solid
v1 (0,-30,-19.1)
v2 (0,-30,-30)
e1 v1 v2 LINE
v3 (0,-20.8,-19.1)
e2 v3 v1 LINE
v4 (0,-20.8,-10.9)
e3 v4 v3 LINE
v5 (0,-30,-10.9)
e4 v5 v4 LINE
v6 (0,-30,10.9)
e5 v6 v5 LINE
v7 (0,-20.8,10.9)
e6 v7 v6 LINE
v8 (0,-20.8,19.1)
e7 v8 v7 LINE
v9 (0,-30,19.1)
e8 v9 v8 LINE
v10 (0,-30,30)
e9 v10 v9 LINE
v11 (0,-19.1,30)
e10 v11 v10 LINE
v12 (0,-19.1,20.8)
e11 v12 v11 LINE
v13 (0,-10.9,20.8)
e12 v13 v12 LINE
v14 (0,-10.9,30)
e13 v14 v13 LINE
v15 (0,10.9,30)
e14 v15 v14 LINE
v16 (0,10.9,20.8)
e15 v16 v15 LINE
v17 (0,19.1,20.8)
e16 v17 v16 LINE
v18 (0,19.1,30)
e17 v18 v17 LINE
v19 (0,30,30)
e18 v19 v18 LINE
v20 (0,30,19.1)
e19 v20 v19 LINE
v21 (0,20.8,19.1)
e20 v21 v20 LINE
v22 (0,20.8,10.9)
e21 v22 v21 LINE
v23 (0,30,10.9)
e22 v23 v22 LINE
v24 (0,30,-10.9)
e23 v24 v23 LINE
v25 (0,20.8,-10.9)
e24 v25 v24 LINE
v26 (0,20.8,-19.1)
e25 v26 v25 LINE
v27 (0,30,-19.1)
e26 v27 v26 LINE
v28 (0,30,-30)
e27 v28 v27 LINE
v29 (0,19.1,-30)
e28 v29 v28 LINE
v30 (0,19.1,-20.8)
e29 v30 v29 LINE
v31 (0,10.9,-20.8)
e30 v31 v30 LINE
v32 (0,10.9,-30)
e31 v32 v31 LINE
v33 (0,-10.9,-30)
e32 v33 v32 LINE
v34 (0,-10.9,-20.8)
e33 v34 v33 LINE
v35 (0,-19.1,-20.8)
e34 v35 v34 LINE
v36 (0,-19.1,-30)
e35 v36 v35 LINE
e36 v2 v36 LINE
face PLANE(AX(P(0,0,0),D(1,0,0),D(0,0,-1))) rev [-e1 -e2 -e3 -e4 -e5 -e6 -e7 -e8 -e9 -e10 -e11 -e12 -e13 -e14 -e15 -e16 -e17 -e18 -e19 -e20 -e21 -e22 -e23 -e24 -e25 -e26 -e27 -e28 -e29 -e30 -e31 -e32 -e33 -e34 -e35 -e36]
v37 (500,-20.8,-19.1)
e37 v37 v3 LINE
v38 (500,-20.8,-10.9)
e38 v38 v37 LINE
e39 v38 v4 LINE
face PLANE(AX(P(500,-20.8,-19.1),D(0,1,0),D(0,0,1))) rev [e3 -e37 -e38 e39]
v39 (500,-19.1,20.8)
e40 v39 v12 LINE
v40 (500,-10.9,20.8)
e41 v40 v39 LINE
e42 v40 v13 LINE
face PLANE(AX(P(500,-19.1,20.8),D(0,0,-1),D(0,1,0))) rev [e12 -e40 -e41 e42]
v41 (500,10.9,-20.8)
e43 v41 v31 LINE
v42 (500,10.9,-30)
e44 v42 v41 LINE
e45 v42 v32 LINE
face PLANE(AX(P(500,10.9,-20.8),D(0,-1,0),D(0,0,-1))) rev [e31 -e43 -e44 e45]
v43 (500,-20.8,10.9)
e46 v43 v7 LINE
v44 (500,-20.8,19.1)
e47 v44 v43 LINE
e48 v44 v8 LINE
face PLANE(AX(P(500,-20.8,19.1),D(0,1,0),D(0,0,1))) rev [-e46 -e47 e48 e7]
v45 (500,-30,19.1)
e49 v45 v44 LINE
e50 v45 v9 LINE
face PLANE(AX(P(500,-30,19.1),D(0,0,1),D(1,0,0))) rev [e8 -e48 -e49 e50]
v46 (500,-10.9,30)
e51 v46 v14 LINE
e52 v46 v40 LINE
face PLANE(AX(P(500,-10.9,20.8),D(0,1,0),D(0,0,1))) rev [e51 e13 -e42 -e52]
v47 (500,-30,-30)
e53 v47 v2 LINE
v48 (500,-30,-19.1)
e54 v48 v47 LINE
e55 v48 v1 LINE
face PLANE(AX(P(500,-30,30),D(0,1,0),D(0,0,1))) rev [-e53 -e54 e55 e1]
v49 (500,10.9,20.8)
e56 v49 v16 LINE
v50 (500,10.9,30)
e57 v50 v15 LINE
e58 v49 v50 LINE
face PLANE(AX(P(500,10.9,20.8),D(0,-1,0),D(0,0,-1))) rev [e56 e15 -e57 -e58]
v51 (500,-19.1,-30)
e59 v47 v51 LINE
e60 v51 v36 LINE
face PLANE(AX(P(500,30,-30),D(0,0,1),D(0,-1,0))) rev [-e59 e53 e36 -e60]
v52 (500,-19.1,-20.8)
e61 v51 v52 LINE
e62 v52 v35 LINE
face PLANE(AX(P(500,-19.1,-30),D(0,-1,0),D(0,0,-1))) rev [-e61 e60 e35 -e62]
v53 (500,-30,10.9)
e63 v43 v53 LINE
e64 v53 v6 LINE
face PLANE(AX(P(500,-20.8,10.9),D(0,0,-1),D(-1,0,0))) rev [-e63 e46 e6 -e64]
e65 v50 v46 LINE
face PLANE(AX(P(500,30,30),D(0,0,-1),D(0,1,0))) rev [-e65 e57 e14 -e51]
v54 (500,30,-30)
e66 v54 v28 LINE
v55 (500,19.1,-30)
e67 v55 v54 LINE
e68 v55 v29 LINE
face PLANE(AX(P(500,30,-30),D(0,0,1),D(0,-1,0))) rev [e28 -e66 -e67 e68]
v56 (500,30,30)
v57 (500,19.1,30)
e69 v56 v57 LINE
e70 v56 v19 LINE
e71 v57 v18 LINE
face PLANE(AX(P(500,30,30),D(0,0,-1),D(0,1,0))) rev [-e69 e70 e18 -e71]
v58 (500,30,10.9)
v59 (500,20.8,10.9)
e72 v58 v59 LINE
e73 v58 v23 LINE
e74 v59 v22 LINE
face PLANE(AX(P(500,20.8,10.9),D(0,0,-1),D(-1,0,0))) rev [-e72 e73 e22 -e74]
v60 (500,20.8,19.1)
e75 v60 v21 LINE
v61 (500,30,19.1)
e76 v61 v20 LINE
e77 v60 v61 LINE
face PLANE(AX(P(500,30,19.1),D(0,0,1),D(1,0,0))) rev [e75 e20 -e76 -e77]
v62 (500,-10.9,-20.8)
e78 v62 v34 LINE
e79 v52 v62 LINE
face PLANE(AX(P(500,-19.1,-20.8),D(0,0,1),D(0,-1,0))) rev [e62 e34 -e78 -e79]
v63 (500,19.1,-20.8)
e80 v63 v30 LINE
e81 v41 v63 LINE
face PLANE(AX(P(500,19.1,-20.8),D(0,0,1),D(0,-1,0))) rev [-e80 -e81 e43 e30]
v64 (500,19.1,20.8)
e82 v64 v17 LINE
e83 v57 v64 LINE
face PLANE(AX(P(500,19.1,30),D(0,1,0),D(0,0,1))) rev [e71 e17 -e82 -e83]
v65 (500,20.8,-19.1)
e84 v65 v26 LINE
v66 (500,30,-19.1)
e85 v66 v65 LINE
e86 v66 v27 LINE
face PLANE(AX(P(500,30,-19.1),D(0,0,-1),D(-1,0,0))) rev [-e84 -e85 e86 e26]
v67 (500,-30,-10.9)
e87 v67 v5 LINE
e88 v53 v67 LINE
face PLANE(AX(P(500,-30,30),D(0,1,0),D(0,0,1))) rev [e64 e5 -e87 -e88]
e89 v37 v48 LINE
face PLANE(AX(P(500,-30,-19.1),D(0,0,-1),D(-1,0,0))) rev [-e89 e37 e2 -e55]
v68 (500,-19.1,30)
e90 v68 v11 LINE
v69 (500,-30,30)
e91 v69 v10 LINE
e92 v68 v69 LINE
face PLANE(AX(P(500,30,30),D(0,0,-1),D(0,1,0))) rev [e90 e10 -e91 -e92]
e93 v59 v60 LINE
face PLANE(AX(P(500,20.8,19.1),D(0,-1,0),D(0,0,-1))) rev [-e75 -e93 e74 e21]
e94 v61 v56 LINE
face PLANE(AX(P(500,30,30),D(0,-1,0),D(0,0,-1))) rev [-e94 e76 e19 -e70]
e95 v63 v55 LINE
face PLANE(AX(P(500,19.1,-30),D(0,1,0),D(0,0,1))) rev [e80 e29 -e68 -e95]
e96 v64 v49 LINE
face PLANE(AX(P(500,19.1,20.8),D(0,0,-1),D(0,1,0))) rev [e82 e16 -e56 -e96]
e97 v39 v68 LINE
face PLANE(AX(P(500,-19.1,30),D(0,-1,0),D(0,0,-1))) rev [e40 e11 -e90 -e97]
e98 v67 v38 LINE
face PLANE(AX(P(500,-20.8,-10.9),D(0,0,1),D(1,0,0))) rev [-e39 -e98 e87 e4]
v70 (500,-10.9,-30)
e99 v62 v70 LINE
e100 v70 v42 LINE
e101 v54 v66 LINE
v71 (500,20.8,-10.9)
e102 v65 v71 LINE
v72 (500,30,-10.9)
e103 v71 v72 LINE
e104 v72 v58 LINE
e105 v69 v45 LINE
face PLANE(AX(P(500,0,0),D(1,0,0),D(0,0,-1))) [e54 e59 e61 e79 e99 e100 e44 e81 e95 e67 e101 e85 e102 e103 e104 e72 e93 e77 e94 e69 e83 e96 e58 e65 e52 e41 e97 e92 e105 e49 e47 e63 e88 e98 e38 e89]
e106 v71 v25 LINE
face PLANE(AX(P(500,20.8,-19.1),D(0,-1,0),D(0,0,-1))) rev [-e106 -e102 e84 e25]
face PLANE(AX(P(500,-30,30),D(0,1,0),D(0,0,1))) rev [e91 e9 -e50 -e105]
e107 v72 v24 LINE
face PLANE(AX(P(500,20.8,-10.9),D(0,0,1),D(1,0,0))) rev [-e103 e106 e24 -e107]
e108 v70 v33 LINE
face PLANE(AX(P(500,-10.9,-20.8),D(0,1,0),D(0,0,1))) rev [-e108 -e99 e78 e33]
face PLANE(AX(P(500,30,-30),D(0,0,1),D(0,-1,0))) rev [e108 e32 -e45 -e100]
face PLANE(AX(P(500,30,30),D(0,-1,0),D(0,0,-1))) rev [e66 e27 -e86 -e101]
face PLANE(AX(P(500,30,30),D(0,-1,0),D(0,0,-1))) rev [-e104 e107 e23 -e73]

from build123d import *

# Parameters (mm, degrees)
SKETCH_1_W          = 60
SKETCH_1_H          = 60
EXTRUDE_1_DEPTH     = 500
SKETCH_2_W          = 8.2
SKETCH_2_H          = 9.2
SKETCH_2_W_2        = 9.2
SKETCH_2_H_2        = 8.2
CUT_EXTRUDE_1_DEPTH = 501


with BuildPart() as part:
    # 草图1 → 凸台-拉伸1 (new body)
    with BuildSketch(Plane(origin=(0, 0, 0), x_dir=(0, 0, -1), z_dir=(1, 0, 0))):
        Rectangle(SKETCH_1_W, SKETCH_1_H)
    extrude(amount=EXTRUDE_1_DEPTH)

    # 草图2 → 切除-拉伸1 (cut, through all)
    with BuildSketch(Plane.ZY):
        with Locations((-15, 25.4)):
            Rectangle(SKETCH_2_W, SKETCH_2_H)
        with Locations((-15, -25.4)):
            Rectangle(SKETCH_2_W, SKETCH_2_H)
        with Locations((15, -25.4)):
            Rectangle(SKETCH_2_W, SKETCH_2_H)
        with Locations((15, 25.4)):
            Rectangle(SKETCH_2_W, SKETCH_2_H)
        with Locations((-25.4, 15)):
            Rectangle(SKETCH_2_W_2, SKETCH_2_H_2)
        with Locations((-25.4, -15)):
            Rectangle(SKETCH_2_W_2, SKETCH_2_H_2)
        with Locations((25.4, -15)):
            Rectangle(SKETCH_2_W_2, SKETCH_2_H_2)
        with Locations((25.4, 15)):
            Rectangle(SKETCH_2_W_2, SKETCH_2_H_2)
    extrude(amount=-CUT_EXTRUDE_1_DEPTH, mode=Mode.SUBTRACT)


solid = part.part
